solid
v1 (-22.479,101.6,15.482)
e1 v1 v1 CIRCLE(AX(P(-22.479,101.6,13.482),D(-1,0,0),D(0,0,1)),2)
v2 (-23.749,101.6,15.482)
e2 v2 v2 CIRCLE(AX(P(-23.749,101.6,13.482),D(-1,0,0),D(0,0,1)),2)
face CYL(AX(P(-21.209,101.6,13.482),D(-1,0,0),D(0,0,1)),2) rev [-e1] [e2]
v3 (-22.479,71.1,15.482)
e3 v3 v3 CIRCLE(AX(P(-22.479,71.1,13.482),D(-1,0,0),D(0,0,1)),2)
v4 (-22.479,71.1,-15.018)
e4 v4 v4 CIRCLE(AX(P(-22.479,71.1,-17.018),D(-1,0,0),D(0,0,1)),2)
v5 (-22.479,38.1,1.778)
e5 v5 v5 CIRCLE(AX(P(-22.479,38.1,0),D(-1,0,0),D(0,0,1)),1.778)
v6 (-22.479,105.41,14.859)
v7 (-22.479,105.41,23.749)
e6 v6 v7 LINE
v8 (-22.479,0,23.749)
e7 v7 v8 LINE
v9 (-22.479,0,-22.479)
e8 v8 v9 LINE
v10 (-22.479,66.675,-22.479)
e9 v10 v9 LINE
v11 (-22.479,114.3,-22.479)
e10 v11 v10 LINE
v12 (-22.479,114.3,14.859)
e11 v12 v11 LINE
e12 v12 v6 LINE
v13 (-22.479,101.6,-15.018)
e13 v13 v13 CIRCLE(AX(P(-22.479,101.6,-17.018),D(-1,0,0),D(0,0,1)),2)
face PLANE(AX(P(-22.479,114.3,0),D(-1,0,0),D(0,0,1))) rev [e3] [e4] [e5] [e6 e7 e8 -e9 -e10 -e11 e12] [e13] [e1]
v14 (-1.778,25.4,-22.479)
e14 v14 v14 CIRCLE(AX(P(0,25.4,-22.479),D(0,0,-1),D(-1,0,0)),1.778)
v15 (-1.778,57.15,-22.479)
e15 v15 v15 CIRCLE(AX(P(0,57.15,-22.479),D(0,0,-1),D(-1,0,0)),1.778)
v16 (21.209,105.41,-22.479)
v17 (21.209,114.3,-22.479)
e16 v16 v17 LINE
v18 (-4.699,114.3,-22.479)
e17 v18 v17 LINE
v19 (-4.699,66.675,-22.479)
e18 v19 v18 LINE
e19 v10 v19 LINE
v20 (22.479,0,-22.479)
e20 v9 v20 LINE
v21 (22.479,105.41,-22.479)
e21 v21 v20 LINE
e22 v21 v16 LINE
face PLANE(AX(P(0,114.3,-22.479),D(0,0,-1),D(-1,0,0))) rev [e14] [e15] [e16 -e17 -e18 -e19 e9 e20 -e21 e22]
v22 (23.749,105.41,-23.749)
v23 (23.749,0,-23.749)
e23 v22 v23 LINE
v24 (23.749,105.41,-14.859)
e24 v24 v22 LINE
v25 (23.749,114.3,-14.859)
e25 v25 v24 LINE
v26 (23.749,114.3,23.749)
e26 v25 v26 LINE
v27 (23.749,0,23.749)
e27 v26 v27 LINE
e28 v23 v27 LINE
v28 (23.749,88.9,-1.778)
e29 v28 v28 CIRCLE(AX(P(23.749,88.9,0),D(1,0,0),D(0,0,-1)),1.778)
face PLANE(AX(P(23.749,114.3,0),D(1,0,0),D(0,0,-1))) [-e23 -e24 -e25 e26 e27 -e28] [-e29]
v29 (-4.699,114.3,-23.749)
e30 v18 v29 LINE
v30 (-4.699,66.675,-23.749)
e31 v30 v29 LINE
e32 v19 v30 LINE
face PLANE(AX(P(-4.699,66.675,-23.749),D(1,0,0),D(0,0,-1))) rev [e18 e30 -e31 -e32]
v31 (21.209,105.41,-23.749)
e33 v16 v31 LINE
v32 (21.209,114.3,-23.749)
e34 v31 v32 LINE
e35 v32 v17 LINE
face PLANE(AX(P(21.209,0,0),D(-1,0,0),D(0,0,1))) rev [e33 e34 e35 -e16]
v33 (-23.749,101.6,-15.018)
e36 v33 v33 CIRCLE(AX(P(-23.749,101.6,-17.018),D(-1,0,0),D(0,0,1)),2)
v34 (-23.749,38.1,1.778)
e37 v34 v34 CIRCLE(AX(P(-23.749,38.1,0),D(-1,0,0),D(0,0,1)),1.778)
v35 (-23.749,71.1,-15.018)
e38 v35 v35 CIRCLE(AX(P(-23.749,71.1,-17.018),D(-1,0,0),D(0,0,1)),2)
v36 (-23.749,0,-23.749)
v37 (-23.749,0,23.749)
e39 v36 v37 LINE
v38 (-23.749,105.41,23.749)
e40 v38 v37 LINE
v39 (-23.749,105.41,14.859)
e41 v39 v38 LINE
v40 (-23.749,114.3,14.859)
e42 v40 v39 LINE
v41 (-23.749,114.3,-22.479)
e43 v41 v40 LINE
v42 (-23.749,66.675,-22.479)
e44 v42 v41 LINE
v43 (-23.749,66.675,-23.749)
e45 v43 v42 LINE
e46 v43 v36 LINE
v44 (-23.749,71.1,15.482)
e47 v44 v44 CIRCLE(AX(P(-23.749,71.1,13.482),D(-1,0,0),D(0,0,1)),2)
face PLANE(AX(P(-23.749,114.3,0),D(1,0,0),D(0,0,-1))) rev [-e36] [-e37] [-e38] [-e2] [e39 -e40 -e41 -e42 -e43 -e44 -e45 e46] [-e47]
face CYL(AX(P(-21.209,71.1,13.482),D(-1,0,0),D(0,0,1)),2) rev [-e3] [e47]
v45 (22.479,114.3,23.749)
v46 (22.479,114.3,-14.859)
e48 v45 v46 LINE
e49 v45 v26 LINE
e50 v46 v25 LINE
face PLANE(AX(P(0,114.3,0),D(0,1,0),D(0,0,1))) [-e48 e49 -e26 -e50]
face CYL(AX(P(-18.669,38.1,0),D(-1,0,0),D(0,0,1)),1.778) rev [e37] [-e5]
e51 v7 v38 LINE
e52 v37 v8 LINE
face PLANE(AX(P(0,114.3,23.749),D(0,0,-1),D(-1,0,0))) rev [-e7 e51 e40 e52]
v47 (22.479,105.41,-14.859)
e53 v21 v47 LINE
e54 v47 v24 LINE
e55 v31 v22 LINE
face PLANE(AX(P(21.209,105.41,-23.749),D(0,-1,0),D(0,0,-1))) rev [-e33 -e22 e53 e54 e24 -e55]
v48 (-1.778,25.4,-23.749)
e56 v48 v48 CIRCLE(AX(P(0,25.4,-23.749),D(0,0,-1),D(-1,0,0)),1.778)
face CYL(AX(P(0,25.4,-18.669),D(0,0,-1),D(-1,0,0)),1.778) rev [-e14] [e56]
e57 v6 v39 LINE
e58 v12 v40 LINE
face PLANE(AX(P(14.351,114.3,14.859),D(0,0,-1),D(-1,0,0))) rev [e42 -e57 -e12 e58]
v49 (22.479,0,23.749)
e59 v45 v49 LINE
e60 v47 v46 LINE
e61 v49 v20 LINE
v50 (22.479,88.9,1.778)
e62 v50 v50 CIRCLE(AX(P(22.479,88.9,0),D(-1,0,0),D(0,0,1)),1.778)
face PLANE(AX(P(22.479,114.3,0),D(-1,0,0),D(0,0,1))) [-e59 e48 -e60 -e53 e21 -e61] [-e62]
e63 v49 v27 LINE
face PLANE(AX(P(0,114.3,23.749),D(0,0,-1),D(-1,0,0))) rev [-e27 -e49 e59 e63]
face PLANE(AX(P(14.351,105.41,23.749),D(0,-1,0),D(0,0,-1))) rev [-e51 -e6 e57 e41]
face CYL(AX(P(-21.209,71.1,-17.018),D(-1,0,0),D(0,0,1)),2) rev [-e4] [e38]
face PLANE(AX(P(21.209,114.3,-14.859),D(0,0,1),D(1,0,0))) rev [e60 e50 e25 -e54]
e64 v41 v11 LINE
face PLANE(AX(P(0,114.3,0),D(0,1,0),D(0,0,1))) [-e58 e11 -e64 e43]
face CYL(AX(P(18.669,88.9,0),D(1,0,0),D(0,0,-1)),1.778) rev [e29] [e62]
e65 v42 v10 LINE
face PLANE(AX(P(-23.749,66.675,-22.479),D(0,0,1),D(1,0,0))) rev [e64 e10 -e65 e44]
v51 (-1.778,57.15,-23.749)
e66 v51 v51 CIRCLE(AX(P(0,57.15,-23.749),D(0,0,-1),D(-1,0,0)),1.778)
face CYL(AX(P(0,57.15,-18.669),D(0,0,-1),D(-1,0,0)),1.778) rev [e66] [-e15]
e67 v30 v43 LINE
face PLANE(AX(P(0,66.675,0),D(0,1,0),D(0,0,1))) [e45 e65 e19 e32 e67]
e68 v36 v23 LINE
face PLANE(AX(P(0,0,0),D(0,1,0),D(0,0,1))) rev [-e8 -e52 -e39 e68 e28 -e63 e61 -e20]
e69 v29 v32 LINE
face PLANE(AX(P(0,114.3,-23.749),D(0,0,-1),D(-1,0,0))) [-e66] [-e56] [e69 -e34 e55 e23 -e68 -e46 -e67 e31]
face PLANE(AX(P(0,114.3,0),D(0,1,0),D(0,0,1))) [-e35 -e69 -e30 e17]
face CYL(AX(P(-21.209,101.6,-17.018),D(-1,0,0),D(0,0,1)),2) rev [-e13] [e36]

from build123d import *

# Parameters (mm, degrees)
BOSS_EXTRUDE1_DEPTH = 114.3
SKETCH8_R           = 1.778
CUT_EXTRUDE1_DEPTH  = 5.08
SKETCH9_R           = 1.778
CUT_EXTRUDE2_DEPTH  = 5.08
SKETCH10_R          = 1.778
CUT_EXTRUDE3_DEPTH  = 5.08
SKETCH13_R          = 1.778
CUT_EXTRUDE6_DEPTH  = 5.08
CUT_EXTRUDE7_DEPTH  = 2.54
SKETCH16_W          = 19.05
SKETCH16_H          = 1.27
CUT_EXTRUDE8_DEPTH  = 47.625
SKETCH17_W          = 8.89
SKETCH17_H          = 8.89
CUT_EXTRUDE9_DEPTH  = 38.1
SKETCH18_W          = 8.89
SKETCH18_H          = 8.89
CUT_EXTRUDE10_DEPTH = 2.54


with BuildPart() as part:
    # Sketch1 → Boss-Extrude1 (new body)
    with BuildSketch(Plane(origin=(0, 0, 0), x_dir=(1, 0, 0), z_dir=(0, 1, 0))):
        Polygon((23.749, 23.749), (-23.749, 23.749), (-23.749, -23.749), (-22.479, -23.749), (-22.479, 22.479), (22.479, 22.479), (22.479, -23.749), (23.749, -23.749), align=None)
    extrude(amount=BOSS_EXTRUDE1_DEPTH)

    # Sketch8 → Cut-Extrude1 (cut)
    with BuildSketch(Plane(origin=(0, 0, -23.749), x_dir=(-1, 0, 0), z_dir=(0, 0, -1))):
        with Locations((0, 57.15)):
            Circle(SKETCH8_R)
    extrude(amount=-CUT_EXTRUDE1_DEPTH, mode=Mode.SUBTRACT)

    # Sketch9 → Cut-Extrude2 (cut)
    with BuildSketch(Plane.ZY.offset(23.749)):
        with Locations((0, 38.1)):
            Circle(SKETCH9_R)
    extrude(amount=-CUT_EXTRUDE2_DEPTH, mode=Mode.SUBTRACT)

    # Sketch10 → Cut-Extrude3 (cut)
    with BuildSketch(Plane(origin=(23.749, 0, 0), x_dir=(0, 0, -1), z_dir=(1, 0, 0))):
        with Locations((0, 88.9)):
            Circle(SKETCH10_R)
    extrude(amount=-CUT_EXTRUDE3_DEPTH, mode=Mode.SUBTRACT)

    # Sketch13 → Cut-Extrude6 (cut)
    with BuildSketch(Plane(origin=(0, 0, -23.749), x_dir=(-1, 0, 0), z_dir=(0, 0, -1))):
        with Locations((0, 25.4)):
            Circle(SKETCH13_R)
    extrude(amount=-CUT_EXTRUDE6_DEPTH, mode=Mode.SUBTRACT)

    # Sketch14 → Cut-Extrude7 (cut)
    with BuildSketch(Plane.ZY.offset(23.749)):
        with BuildLine():
            Line((-17.018, 99.6), (-17.018, 101.6))
            Line((-17.018, 101.6), (-15.018, 101.6))
            ThreePointArc((-15.018, 101.6), (-18.432213562, 103.014213562), (-17.018, 99.6))
        make_face()
        with BuildLine():
            Line((-15.018, 101.6), (-17.018, 101.6))
            Line((-17.018, 101.6), (-17.018, 99.6))
            ThreePointArc((-17.018, 99.6), (-15.603786438, 100.185786438), (-15.018, 101.6))
        make_face()
        with BuildLine():
            ThreePointArc((15.482, 101.6), (13.482, 103.6), (11.482, 101.6))
            Line((11.482, 101.6), (13.482, 101.6))
            Line((13.482, 101.6), (13.482, 99.6))
            ThreePointArc((13.482, 99.6), (14.896213562, 100.185786438), (15.482, 101.6))
        make_face()
        with BuildLine():
            Line((13.482, 101.6), (11.482, 101.6))
            ThreePointArc((11.482, 101.6), (12.067786438, 100.185786438), (13.482, 99.6))
            Line((13.482, 99.6), (13.482, 101.6))
        make_face()
        with BuildLine():
            ThreePointArc((15.482, 71.1), (14.896213562, 72.514213562), (13.482, 73.1))
            Line((13.482, 73.1), (13.482, 71.1))
            Line((13.482, 71.1), (11.482, 71.1))
            ThreePointArc((11.482, 71.1), (13.482, 69.1), (15.482, 71.1))
        make_face()
        with BuildLine():
            Line((13.482, 71.1), (13.482, 73.1))
            ThreePointArc((13.482, 73.1), (12.067786438, 72.514213562), (11.482, 71.1))
            Line((11.482, 71.1), (13.482, 71.1))
        make_face()
        with BuildLine():
            ThreePointArc((-15.018, 71.1), (-15.603786438, 72.514213562), (-17.018, 73.1))
            Line((-17.018, 73.1), (-17.018, 71.1))
            Line((-17.018, 71.1), (-15.018, 71.1))
        make_face()
        with BuildLine():
            Line((-17.018, 71.1), (-17.018, 73.1))
            ThreePointArc((-17.018, 73.1), (-18.432213562, 69.685786438), (-15.018, 71.1))
            Line((-15.018, 71.1), (-17.018, 71.1))
        make_face()
    extrude(amount=-CUT_EXTRUDE7_DEPTH, mode=Mode.SUBTRACT)

    # Sketch16 → Cut-Extrude8 (cut)
    with BuildSketch(Plane(origin=(0, 114.3, 0), x_dir=(1, 0, 0), z_dir=(0, 1, 0))):
        with Locations((-14.224, 23.114)):
            Rectangle(SKETCH16_W, SKETCH16_H)
    extrude(amount=-CUT_EXTRUDE8_DEPTH, mode=Mode.SUBTRACT)

    # Sketch17 → Cut-Extrude9 (cut)
    with BuildSketch(Plane.ZY.offset(23.749)):
        with Locations((19.304, 109.855)):
            Rectangle(SKETCH17_W, SKETCH17_H)
    extrude(amount=-CUT_EXTRUDE9_DEPTH, mode=Mode.SUBTRACT)

    # Sketch18 → Cut-Extrude10 (cut)
    with BuildSketch(Plane(origin=(23.749, 0, 0), x_dir=(0, 0, -1), z_dir=(1, 0, 0))):
        with Locations((19.304, 109.855)):
            Rectangle(SKETCH18_W, SKETCH18_H)
    extrude(amount=-CUT_EXTRUDE10_DEPTH, mode=Mode.SUBTRACT)


solid = part.part
